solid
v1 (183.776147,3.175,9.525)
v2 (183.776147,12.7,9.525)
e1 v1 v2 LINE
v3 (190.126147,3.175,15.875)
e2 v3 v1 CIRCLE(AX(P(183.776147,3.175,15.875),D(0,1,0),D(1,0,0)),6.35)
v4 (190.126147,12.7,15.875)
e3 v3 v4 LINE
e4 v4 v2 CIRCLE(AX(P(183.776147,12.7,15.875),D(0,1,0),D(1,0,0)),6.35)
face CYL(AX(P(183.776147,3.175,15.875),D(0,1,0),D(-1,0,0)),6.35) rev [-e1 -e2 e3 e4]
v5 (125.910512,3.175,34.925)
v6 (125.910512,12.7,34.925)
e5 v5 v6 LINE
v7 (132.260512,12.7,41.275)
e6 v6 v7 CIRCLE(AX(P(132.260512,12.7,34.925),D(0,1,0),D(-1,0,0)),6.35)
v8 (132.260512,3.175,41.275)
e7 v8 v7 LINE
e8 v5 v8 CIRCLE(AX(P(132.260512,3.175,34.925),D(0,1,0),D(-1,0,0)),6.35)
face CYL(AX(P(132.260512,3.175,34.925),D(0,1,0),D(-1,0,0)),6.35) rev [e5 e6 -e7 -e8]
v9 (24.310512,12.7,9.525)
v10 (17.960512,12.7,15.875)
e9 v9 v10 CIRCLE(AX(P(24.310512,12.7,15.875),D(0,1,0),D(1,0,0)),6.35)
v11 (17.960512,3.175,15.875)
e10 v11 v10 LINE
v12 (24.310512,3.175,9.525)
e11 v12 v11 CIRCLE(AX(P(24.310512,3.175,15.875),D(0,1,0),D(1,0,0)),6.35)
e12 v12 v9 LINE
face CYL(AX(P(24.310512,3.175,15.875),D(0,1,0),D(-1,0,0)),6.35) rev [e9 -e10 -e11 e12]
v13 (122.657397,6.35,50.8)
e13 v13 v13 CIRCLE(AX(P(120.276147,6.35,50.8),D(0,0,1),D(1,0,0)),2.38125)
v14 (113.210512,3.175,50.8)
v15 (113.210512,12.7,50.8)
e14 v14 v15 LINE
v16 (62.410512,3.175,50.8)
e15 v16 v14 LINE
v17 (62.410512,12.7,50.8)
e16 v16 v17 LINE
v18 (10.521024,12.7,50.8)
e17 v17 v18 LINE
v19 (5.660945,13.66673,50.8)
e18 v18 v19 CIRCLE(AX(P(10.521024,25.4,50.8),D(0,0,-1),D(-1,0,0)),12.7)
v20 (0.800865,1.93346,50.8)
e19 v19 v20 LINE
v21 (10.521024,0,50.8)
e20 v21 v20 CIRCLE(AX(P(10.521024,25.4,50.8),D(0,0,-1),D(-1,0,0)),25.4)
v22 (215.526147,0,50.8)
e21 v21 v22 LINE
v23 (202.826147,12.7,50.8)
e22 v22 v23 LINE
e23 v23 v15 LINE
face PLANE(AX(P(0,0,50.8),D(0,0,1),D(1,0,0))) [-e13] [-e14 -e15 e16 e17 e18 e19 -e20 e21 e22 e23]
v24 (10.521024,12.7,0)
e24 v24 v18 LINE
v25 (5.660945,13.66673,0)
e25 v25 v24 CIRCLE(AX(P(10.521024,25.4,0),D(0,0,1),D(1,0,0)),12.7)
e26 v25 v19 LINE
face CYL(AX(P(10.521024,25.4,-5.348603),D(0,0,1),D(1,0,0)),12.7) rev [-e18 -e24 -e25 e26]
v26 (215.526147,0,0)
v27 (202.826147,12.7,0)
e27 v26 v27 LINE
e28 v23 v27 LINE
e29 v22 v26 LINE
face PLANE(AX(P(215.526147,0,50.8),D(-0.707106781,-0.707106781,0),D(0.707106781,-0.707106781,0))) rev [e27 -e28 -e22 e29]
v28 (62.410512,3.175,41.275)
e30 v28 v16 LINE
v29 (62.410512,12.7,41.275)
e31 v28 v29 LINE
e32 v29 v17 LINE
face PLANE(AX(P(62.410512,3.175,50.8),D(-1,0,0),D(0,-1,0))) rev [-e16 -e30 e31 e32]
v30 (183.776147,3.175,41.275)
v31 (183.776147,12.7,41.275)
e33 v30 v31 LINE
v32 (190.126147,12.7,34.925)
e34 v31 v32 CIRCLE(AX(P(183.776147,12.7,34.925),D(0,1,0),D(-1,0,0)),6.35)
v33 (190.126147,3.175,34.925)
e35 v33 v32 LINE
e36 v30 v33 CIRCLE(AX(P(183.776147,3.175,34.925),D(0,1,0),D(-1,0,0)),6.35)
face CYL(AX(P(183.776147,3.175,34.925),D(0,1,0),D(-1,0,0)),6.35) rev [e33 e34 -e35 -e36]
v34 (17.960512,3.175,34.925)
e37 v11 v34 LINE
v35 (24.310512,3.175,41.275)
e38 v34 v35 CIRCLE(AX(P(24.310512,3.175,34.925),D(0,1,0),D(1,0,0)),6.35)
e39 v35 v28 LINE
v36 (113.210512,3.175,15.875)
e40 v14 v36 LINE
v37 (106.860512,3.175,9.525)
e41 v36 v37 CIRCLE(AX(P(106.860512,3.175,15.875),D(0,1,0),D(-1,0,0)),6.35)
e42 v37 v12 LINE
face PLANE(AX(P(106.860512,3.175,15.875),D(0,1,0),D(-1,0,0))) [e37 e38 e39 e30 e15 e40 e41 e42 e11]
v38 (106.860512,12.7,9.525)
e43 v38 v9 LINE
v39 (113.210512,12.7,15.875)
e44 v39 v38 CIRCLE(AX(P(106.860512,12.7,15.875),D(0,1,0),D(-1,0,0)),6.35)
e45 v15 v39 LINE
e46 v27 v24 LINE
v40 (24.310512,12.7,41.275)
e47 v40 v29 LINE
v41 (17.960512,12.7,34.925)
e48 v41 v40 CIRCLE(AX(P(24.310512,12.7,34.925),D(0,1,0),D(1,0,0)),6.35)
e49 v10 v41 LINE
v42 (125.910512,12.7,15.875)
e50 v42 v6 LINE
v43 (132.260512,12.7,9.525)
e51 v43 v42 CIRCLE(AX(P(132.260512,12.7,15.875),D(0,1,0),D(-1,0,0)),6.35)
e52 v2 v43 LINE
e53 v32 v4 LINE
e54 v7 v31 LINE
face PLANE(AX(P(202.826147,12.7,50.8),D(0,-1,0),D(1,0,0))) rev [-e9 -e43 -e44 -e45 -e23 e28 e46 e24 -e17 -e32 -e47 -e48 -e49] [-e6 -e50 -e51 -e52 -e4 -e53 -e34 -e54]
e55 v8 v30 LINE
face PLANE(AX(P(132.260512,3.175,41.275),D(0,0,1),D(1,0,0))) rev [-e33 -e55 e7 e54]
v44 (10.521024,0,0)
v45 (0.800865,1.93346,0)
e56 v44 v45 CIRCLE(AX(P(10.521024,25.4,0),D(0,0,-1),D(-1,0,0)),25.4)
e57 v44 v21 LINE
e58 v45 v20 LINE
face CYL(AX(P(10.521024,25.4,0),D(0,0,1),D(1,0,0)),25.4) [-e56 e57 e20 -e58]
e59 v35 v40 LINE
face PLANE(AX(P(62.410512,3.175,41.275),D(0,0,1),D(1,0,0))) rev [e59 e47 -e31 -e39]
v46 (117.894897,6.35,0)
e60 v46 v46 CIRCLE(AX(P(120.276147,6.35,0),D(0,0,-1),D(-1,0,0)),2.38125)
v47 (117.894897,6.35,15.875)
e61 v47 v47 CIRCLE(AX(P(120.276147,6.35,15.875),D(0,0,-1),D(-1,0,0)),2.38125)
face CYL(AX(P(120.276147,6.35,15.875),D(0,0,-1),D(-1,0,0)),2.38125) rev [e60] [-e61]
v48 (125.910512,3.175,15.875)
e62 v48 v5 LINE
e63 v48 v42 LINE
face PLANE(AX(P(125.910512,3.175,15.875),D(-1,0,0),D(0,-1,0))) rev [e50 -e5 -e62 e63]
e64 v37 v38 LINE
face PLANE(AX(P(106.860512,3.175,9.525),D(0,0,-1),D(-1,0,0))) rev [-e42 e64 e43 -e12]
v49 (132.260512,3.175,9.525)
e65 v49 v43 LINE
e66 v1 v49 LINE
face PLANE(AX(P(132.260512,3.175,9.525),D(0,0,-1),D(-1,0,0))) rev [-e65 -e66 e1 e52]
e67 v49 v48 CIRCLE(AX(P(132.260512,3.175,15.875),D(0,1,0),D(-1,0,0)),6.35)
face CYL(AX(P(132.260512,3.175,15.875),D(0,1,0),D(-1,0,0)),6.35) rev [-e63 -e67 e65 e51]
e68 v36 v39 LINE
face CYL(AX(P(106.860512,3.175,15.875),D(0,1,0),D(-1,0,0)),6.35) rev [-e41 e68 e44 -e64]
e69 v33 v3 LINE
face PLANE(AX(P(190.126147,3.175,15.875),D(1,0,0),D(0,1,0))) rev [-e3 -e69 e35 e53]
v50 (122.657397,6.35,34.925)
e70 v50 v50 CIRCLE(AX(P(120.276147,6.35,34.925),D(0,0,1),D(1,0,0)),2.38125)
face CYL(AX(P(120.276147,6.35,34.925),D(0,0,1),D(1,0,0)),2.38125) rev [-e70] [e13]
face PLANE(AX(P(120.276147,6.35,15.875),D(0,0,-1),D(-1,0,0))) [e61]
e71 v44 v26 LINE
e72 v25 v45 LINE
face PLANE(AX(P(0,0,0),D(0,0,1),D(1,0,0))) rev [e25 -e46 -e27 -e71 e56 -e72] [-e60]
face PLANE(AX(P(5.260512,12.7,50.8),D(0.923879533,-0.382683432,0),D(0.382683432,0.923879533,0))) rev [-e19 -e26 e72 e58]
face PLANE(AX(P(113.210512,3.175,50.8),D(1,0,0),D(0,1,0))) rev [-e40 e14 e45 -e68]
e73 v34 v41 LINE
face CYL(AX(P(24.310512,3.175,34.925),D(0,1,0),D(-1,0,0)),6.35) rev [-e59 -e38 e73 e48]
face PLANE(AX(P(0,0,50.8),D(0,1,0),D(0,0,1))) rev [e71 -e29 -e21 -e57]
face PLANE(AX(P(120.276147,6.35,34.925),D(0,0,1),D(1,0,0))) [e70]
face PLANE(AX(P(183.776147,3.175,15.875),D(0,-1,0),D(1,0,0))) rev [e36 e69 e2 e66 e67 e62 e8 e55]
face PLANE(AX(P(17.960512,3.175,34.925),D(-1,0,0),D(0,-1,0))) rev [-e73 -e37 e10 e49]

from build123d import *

# Parameters (mm, degrees)
EXTRUDE1_DEPTH     = 50.8
CUT_EXTRUDE1_DEPTH = 9.525
SKETCH3_R          = 2.38125
CUT_EXTRUDE2_DEPTH = 15.875
CUT_EXTRUDE3_START = -15.875
SKETCH4_R          = 2.38125
CUT_EXTRUDE3_DEPTH = 15.875
CUT_EXTRUDE4_DEPTH = 222.795964766
EXTRUDE2_DEPTH     = 50.8


with BuildPart() as part:
    # Sketch1 → Extrude1 (new body)
    with BuildSketch(Plane.XY):
        Polygon((0, 0), (215.526146874, 0), (202.826146874, 12.7), (5.260512242, 12.7), align=None)
    extrude(amount=EXTRUDE1_DEPTH)

    # Sketch2 → Cut-Extrude1 (cut)
    with BuildSketch(Plane(origin=(0, 12.7, 0), x_dir=(-1, 0, 0), z_dir=(0, 1, 0))):
        with BuildLine():
            Line((-113.210512242, 50.8), (-62.410512242, 50.8))
            Line((-62.410512242, 50.8), (-62.410512242, 41.275))
            Line((-62.410512242, 41.275), (-24.310512242, 41.275))
            ThreePointArc((-24.310512242, 41.275), (-19.820384182, 39.415128061), (-17.960512242, 34.925))
            Line((-17.960512242, 34.925), (-17.960512242, 15.875))
            ThreePointArc((-17.960512242, 15.875), (-19.820384182, 11.384871939), (-24.310512242, 9.525))
            Line((-24.310512242, 9.525), (-106.860512242, 9.525))
            ThreePointArc((-106.860512242, 9.525), (-111.350640303, 11.384871939), (-113.210512242, 15.875))
            Line((-113.210512242, 15.875), (-113.210512242, 50.8))
        make_face()
        with BuildLine():
            Line((-132.260512242, 9.525), (-183.776146874, 9.525))
            ThreePointArc((-183.776146874, 9.525), (-188.266274935, 11.384871939), (-190.126146874, 15.875))
            Line((-190.126146874, 15.875), (-190.126146874, 34.925))
            ThreePointArc((-190.126146874, 34.925), (-188.266274935, 39.415128061), (-183.776146874, 41.275))
            Line((-183.776146874, 41.275), (-132.260512242, 41.275))
            ThreePointArc((-132.260512242, 41.275), (-127.770384182, 39.415128061), (-125.910512242, 34.925))
            Line((-125.910512242, 34.925), (-125.910512242, 15.875))
            ThreePointArc((-125.910512242, 15.875), (-127.770384182, 11.384871939), (-132.260512242, 9.525))
        make_face()
    extrude(amount=-CUT_EXTRUDE1_DEPTH, mode=Mode.SUBTRACT)

    # Sketch3 → Cut-Extrude2 (cut)
    with BuildSketch(Plane(origin=(0, 0, 0), x_dir=(-1, 0, 0), z_dir=(0, 0, -1))):
        with Locations((-120.276146874, 6.35)):
            Circle(SKETCH3_R)
    extrude(amount=-CUT_EXTRUDE2_DEPTH, mode=Mode.SUBTRACT)

    # Sketch4 → Cut-Extrude3 (cut)
    with BuildSketch(Plane.XY.offset(50.8).offset(CUT_EXTRUDE3_START)):
        with Locations(Location((120.276146874, 6.35, 0), (0, 0, 180))):
            Circle(SKETCH4_R)
    extrude(amount=CUT_EXTRUDE3_DEPTH, mode=Mode.SUBTRACT)

    # Sketch5 → Cut-Extrude4 (cut, through all)
    with BuildSketch(Plane.XY.offset(50.8)):
        with BuildLine():
            Line((0.800865302, 1.933459874), (0, 0))
            Line((0, 0), (10.521024484, 0))
            ThreePointArc((10.521024484, 0), (5.565730305, 0.488053878), (0.800865302, 1.933459874))
        make_face()
    extrude(amount=-CUT_EXTRUDE4_DEPTH, mode=Mode.SUBTRACT)

    # Sketch6 → Extrude2 (add)
    with BuildSketch(Plane.XY.offset(50.8)):
        with BuildLine():
            Line((5.660944893, 13.666729937), (5.260512242, 12.7))
            Line((5.260512242, 12.7), (10.521024484, 12.7))
            ThreePointArc((10.521024484, 12.7), (8.043377395, 12.944026939), (5.660944893, 13.666729937))
        make_face()
    extrude(amount=-EXTRUDE2_DEPTH)


solid = part.part
